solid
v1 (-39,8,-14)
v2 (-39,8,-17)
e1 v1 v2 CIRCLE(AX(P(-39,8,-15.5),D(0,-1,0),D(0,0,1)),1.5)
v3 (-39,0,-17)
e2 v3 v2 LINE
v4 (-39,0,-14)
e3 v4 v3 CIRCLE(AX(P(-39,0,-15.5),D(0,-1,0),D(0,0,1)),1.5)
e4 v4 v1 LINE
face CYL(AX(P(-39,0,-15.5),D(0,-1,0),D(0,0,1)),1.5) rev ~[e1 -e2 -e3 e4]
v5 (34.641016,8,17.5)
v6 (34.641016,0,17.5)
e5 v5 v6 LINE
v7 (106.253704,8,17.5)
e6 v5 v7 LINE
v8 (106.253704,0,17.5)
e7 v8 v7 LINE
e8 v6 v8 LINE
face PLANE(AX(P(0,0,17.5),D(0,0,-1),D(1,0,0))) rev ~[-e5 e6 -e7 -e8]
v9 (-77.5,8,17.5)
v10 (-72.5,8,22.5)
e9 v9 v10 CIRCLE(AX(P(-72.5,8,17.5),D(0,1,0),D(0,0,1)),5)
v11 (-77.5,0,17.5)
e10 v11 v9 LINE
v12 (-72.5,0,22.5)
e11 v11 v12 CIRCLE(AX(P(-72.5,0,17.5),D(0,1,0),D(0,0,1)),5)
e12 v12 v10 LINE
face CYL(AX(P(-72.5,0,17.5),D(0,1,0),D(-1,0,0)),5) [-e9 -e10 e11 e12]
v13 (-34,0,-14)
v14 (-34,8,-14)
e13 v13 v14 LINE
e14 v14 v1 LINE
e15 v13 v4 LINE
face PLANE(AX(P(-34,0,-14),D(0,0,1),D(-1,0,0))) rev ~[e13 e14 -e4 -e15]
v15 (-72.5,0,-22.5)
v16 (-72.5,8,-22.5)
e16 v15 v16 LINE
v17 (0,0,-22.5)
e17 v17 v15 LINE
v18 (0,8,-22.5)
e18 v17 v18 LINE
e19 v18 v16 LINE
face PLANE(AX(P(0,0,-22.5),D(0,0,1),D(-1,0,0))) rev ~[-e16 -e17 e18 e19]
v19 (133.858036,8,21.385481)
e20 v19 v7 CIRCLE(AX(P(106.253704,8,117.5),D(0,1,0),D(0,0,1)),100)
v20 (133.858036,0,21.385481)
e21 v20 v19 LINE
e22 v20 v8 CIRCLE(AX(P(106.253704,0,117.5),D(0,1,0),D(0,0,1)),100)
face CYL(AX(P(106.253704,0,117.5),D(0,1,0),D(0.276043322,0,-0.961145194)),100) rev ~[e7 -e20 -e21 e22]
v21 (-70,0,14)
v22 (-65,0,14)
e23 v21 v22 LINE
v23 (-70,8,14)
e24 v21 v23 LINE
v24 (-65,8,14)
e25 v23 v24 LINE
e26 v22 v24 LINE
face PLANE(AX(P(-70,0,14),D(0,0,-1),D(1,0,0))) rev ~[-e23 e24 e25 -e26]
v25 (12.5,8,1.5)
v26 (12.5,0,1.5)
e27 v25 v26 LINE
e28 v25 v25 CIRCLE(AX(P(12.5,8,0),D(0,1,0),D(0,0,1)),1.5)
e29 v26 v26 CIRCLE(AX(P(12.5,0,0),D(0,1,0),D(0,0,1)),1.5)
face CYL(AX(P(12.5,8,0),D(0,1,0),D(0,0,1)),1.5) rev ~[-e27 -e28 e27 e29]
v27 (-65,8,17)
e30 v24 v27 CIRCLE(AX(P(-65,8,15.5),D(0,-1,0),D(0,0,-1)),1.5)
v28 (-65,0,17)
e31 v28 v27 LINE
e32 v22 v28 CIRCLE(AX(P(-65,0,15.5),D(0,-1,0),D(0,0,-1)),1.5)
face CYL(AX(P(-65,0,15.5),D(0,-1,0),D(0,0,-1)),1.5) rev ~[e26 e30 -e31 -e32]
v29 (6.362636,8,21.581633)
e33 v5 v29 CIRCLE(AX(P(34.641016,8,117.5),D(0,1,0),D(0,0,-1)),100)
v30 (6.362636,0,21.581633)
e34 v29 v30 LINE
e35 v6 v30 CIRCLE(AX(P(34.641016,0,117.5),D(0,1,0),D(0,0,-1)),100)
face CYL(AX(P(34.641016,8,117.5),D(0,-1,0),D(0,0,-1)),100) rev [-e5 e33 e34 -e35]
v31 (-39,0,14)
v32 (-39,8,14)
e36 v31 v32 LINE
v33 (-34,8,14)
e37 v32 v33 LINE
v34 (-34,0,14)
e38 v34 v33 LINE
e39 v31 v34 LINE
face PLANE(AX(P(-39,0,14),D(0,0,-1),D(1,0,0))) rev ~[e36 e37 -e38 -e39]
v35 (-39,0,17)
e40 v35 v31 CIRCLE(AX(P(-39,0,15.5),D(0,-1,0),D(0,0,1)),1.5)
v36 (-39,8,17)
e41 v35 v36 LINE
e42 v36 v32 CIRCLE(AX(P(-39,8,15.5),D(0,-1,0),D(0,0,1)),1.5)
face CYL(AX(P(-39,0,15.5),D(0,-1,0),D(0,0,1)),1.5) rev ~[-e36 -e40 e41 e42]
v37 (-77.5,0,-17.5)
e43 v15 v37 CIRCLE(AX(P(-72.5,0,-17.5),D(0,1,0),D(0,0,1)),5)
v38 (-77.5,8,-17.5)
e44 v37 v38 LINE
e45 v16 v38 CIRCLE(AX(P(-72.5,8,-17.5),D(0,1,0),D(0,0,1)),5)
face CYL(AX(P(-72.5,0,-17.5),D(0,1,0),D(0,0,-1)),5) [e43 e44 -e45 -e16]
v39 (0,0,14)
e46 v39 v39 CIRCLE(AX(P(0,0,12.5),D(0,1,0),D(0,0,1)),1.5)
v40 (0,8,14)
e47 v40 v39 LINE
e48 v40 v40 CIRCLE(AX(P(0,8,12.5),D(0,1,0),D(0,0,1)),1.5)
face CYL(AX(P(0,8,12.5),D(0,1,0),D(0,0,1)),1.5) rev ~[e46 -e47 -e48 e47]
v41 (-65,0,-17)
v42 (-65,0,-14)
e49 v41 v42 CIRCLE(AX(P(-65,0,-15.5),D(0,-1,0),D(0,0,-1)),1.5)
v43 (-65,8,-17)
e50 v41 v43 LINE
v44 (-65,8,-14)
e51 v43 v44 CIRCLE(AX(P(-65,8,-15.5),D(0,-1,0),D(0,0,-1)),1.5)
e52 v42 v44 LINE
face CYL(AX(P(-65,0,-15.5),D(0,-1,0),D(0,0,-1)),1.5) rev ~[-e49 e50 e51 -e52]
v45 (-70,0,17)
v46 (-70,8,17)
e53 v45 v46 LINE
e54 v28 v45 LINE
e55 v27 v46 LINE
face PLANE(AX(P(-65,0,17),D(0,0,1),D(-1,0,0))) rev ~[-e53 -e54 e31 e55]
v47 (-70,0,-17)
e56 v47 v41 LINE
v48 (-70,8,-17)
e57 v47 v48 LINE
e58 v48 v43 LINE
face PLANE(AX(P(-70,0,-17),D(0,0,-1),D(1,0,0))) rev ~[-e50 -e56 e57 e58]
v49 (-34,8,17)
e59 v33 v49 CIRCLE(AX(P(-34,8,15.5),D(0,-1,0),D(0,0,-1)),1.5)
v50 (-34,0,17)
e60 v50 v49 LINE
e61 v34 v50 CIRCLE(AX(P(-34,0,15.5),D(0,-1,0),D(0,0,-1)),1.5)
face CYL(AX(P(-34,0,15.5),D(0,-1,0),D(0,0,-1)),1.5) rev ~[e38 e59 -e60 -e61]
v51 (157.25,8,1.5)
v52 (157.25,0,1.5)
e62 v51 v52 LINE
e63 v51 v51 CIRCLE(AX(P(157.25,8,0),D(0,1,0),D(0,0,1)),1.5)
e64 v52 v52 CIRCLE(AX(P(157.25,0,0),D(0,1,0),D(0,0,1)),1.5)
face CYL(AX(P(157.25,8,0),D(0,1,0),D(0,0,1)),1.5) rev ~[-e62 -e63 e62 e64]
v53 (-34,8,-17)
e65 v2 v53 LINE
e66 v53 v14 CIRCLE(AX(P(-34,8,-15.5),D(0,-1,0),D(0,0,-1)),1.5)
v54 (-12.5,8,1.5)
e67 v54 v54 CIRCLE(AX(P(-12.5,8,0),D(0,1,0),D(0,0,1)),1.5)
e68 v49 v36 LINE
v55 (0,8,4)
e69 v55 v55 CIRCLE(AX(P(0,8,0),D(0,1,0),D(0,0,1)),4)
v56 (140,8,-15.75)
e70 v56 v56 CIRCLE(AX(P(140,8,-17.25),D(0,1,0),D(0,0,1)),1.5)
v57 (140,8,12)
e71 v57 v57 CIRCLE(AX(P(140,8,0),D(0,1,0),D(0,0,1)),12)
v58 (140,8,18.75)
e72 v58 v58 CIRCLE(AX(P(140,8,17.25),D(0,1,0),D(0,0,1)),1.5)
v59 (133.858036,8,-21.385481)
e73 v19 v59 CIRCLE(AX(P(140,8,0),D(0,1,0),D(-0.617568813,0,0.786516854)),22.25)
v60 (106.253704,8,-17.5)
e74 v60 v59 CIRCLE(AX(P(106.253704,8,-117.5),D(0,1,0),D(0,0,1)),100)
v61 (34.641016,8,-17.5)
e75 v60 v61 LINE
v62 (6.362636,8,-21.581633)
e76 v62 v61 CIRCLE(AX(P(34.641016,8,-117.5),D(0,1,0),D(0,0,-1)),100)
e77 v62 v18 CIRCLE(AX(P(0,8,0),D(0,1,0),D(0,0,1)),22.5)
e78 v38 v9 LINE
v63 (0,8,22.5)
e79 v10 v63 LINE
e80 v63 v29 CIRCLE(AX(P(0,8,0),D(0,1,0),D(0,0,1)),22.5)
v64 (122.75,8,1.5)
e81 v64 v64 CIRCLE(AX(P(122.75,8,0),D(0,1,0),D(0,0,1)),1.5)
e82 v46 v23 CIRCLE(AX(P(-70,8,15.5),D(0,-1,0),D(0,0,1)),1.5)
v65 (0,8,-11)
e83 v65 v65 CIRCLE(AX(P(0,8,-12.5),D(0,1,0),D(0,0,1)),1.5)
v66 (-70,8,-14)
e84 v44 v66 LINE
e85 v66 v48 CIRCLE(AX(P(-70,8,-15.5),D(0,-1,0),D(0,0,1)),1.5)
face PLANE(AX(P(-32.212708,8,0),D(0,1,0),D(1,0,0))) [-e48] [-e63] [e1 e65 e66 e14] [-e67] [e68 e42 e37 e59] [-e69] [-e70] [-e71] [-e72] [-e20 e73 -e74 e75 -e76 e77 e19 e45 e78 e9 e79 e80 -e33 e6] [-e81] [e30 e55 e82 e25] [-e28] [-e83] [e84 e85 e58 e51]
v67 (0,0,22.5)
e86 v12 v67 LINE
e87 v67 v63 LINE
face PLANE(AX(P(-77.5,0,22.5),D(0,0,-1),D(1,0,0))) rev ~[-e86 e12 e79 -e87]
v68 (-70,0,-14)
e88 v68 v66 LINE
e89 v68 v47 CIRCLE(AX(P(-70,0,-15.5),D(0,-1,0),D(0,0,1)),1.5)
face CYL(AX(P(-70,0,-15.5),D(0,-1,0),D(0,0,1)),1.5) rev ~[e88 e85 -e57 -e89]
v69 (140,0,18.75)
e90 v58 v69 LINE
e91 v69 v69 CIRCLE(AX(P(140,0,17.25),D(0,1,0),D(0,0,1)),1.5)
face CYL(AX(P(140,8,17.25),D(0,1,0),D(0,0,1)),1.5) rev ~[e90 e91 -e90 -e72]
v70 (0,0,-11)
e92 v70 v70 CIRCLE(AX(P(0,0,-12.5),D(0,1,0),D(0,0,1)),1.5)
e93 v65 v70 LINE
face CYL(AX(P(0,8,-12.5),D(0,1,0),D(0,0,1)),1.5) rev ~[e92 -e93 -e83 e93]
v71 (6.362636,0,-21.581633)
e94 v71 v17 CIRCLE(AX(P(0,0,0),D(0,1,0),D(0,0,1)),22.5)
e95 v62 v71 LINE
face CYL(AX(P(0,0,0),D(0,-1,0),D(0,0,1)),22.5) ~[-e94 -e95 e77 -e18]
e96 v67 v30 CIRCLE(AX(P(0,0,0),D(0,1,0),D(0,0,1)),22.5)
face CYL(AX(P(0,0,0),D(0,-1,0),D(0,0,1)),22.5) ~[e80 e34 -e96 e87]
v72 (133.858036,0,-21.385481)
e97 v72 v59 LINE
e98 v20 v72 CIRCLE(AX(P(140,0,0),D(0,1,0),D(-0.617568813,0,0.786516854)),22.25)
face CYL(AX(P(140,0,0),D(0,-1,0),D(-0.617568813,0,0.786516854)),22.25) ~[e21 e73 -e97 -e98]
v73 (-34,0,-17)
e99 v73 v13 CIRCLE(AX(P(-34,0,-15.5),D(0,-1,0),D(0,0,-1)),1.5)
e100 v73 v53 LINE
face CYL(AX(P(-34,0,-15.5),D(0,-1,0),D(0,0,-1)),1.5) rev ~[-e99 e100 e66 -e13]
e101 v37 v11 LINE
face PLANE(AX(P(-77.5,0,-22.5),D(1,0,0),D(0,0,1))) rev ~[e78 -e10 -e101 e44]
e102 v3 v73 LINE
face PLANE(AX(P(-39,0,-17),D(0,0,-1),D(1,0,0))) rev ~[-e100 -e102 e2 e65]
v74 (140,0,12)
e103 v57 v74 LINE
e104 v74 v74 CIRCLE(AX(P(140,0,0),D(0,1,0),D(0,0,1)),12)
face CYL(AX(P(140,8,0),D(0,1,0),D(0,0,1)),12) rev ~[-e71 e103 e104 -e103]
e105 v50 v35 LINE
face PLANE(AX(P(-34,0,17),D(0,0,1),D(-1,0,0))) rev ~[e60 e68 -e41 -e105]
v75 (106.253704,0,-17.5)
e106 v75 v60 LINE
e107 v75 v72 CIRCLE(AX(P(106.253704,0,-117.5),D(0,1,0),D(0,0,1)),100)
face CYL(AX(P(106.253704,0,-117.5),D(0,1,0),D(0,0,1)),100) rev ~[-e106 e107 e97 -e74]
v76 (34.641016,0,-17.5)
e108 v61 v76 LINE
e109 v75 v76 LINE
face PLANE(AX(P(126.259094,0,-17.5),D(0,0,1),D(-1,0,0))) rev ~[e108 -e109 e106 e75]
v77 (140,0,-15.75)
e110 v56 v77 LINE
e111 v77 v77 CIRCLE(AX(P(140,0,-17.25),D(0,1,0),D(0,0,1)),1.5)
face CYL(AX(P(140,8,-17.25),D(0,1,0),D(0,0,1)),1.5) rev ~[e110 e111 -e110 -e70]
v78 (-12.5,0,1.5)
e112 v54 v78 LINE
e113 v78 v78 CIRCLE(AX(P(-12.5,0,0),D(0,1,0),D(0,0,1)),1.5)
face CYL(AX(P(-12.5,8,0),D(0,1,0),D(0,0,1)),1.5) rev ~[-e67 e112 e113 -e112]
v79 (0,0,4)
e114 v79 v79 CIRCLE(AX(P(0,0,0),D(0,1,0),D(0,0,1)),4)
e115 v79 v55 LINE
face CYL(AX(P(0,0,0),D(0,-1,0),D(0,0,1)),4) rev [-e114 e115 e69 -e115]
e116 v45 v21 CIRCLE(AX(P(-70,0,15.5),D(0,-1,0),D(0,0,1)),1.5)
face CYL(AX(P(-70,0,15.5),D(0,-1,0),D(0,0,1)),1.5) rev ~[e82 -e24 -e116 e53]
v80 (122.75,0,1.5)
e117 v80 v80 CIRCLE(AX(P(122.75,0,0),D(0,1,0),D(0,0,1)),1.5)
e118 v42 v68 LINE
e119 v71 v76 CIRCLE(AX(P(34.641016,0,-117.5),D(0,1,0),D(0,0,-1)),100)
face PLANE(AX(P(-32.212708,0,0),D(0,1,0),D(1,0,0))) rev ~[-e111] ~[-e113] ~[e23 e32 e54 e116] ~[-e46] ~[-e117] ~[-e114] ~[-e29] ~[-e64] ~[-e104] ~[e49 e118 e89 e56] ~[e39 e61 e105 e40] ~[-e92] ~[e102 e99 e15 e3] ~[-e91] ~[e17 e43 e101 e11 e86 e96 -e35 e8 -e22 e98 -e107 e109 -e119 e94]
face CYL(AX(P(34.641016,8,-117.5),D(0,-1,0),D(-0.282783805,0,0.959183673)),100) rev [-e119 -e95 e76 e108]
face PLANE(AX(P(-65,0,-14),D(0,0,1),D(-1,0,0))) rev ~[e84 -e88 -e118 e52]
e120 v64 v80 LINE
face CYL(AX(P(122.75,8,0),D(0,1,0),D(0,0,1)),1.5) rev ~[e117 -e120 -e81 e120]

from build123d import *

# Parameters (mm, degrees)
SKETCH1_R           = 4
BOSS_EXTRUDE1_DEPTH = 8
BOSS_EXTRUDE2_START = -8
SKETCH2_R           = 4
BOSS_EXTRUDE2_DEPTH = 8
FILLET1_R           = 5
SKETCH3_R           = 1.5
CUT_EXTRUDE1_DEPTH  = 19
SKETCH4_R           = 1.5
SKETCH4_R_2         = 12
CUT_EXTRUDE2_DEPTH  = 19
FILLET2_R           = 100


with BuildPart() as part:
    # Sketch1 → Boss-Extrude1 (new body)
    with BuildSketch(Plane(origin=(0, 0, 0), x_dir=(1, 0, 0), z_dir=(0, 1, 0))):
        with BuildLine():
            Line((0, -17.5), (126.259093916, -17.5))
            ThreePointArc((126.259093916, -17.5), (162.25, 0), (126.259093916, 17.5))
            Line((126.259093916, 17.5), (0, 17.5))
            ThreePointArc((0, 17.5), (-17.5, 0), (0, -17.5))
        make_face()
        with Locations(Location((140, 0, 0), (0, 0, 270))):
            Circle(SKETCH1_R, mode=Mode.SUBTRACT)
        with Locations(Location((0, 0, 0), (0, 0, 270))):
            Circle(SKETCH1_R, mode=Mode.SUBTRACT)
    extrude(amount=BOSS_EXTRUDE1_DEPTH)

    # Sketch2 → Boss-Extrude2 (add)
    with BuildSketch(Plane(origin=(0, 8, 0), x_dir=(1, 0, 0), z_dir=(0, 1, 0)).offset(BOSS_EXTRUDE2_START)):
        with BuildLine():
            Line((0, 22.5), (-77.5, 22.5))
            Line((-77.5, 22.5), (-77.5, -22.5))
            Line((-77.5, -22.5), (0, -22.5))
            ThreePointArc((0, -22.5), (22.5, 0), (0, 22.5))
        make_face()
        with BuildLine():
            ThreePointArc((-65, -14), (-63.5, -15.5), (-65, -17))
            Line((-65, -17), (-70, -17))
            ThreePointArc((-70, -17), (-71.5, -15.5), (-70, -14))
            Line((-70, -14), (-65, -14))
        make_face(mode=Mode.SUBTRACT)
        with BuildLine():
            Line((-39, -14), (-38, -14))
            Line((-38, -14), (-34, -14))
            ThreePointArc((-34, -14), (-32.5, -15.5), (-34, -17))
            Line((-34, -17), (-39, -17))
            ThreePointArc((-39, -17), (-40.5, -15.5), (-39, -14))
        make_face(mode=Mode.SUBTRACT)
        with BuildLine():
            ThreePointArc((-65, 17), (-63.5, 15.5), (-65, 14))
            Line((-65, 14), (-70, 14))
            ThreePointArc((-70, 14), (-71.5, 15.5), (-70, 17))
            Line((-70, 17), (-65, 17))
        make_face(mode=Mode.SUBTRACT)
        with BuildLine():
            ThreePointArc((-34, 17), (-32.5, 15.5), (-34, 14))
            Line((-34, 14), (-39, 14))
            ThreePointArc((-39, 14), (-40.5, 15.5), (-39, 17))
            Line((-39, 17), (-34, 17))
        make_face(mode=Mode.SUBTRACT)
        with Locations(Location((0, 0, 0), (0, 0, 270))):
            Circle(SKETCH2_R, mode=Mode.SUBTRACT)
    extrude(amount=BOSS_EXTRUDE2_DEPTH)

    # Fillet1
    fillet1_edges = [part.edges().sort_by_distance(p)[0] for p in [
        (-77.5, 4, -22.5),
        (-77.5, 4, 22.5),
    ]]
    fillet(fillet1_edges, radius=FILLET1_R)

    # Sketch3 → Cut-Extrude1 (cut)
    with BuildSketch(Plane(origin=(0, 8, 0), x_dir=(1, 0, 0), z_dir=(0, 1, 0))):
        with Locations(Location((0, 12.5, 0), (0, 0, 270))):
            Circle(SKETCH3_R)
        with Locations(Location((12.5, 0, 0), (0, 0, 270))):
            Circle(SKETCH3_R)
        with Locations(Location((0, -12.5, 0), (0, 0, 270))):
            Circle(SKETCH3_R)
        with Locations(Location((-12.5, 0, 0), (0, 0, 270))):
            Circle(SKETCH3_R)
    extrude(amount=-CUT_EXTRUDE1_DEPTH, mode=Mode.SUBTRACT)

    # Sketch4 → Cut-Extrude2 (cut)
    with BuildSketch(Plane(origin=(0, 8, 0), x_dir=(1, 0, 0), z_dir=(0, 1, 0))):
        with Locations(Location((157.25, 0, 0), (0, 0, 270))):
            Circle(SKETCH4_R)
        with Locations(Location((140, -17.25, 0), (0, 0, 270))):
            Circle(SKETCH4_R)
        with Locations(Location((122.75, 0, 0), (0, 0, 270))):
            Circle(SKETCH4_R)
        with Locations(Location((140, 17.25, 0), (0, 0, 270))):
            Circle(SKETCH4_R)
        with Locations(Location((140, 0, 0), (0, 0, 270))):
            Circle(SKETCH4_R_2)
    extrude(amount=-CUT_EXTRUDE2_DEPTH, mode=Mode.SUBTRACT)

    # Fillet2
    fillet2_edges = [part.edges().sort_by_distance(p)[0] for p in [
        (126.259093916, 4, -17.5),
        (126.259093916, 4, 17.5),
        (14.142135624, 4, -17.5),
        (14.142135624, 4, 17.5),
    ]]
    fillet(fillet2_edges, radius=FILLET2_R)


solid = part.part
